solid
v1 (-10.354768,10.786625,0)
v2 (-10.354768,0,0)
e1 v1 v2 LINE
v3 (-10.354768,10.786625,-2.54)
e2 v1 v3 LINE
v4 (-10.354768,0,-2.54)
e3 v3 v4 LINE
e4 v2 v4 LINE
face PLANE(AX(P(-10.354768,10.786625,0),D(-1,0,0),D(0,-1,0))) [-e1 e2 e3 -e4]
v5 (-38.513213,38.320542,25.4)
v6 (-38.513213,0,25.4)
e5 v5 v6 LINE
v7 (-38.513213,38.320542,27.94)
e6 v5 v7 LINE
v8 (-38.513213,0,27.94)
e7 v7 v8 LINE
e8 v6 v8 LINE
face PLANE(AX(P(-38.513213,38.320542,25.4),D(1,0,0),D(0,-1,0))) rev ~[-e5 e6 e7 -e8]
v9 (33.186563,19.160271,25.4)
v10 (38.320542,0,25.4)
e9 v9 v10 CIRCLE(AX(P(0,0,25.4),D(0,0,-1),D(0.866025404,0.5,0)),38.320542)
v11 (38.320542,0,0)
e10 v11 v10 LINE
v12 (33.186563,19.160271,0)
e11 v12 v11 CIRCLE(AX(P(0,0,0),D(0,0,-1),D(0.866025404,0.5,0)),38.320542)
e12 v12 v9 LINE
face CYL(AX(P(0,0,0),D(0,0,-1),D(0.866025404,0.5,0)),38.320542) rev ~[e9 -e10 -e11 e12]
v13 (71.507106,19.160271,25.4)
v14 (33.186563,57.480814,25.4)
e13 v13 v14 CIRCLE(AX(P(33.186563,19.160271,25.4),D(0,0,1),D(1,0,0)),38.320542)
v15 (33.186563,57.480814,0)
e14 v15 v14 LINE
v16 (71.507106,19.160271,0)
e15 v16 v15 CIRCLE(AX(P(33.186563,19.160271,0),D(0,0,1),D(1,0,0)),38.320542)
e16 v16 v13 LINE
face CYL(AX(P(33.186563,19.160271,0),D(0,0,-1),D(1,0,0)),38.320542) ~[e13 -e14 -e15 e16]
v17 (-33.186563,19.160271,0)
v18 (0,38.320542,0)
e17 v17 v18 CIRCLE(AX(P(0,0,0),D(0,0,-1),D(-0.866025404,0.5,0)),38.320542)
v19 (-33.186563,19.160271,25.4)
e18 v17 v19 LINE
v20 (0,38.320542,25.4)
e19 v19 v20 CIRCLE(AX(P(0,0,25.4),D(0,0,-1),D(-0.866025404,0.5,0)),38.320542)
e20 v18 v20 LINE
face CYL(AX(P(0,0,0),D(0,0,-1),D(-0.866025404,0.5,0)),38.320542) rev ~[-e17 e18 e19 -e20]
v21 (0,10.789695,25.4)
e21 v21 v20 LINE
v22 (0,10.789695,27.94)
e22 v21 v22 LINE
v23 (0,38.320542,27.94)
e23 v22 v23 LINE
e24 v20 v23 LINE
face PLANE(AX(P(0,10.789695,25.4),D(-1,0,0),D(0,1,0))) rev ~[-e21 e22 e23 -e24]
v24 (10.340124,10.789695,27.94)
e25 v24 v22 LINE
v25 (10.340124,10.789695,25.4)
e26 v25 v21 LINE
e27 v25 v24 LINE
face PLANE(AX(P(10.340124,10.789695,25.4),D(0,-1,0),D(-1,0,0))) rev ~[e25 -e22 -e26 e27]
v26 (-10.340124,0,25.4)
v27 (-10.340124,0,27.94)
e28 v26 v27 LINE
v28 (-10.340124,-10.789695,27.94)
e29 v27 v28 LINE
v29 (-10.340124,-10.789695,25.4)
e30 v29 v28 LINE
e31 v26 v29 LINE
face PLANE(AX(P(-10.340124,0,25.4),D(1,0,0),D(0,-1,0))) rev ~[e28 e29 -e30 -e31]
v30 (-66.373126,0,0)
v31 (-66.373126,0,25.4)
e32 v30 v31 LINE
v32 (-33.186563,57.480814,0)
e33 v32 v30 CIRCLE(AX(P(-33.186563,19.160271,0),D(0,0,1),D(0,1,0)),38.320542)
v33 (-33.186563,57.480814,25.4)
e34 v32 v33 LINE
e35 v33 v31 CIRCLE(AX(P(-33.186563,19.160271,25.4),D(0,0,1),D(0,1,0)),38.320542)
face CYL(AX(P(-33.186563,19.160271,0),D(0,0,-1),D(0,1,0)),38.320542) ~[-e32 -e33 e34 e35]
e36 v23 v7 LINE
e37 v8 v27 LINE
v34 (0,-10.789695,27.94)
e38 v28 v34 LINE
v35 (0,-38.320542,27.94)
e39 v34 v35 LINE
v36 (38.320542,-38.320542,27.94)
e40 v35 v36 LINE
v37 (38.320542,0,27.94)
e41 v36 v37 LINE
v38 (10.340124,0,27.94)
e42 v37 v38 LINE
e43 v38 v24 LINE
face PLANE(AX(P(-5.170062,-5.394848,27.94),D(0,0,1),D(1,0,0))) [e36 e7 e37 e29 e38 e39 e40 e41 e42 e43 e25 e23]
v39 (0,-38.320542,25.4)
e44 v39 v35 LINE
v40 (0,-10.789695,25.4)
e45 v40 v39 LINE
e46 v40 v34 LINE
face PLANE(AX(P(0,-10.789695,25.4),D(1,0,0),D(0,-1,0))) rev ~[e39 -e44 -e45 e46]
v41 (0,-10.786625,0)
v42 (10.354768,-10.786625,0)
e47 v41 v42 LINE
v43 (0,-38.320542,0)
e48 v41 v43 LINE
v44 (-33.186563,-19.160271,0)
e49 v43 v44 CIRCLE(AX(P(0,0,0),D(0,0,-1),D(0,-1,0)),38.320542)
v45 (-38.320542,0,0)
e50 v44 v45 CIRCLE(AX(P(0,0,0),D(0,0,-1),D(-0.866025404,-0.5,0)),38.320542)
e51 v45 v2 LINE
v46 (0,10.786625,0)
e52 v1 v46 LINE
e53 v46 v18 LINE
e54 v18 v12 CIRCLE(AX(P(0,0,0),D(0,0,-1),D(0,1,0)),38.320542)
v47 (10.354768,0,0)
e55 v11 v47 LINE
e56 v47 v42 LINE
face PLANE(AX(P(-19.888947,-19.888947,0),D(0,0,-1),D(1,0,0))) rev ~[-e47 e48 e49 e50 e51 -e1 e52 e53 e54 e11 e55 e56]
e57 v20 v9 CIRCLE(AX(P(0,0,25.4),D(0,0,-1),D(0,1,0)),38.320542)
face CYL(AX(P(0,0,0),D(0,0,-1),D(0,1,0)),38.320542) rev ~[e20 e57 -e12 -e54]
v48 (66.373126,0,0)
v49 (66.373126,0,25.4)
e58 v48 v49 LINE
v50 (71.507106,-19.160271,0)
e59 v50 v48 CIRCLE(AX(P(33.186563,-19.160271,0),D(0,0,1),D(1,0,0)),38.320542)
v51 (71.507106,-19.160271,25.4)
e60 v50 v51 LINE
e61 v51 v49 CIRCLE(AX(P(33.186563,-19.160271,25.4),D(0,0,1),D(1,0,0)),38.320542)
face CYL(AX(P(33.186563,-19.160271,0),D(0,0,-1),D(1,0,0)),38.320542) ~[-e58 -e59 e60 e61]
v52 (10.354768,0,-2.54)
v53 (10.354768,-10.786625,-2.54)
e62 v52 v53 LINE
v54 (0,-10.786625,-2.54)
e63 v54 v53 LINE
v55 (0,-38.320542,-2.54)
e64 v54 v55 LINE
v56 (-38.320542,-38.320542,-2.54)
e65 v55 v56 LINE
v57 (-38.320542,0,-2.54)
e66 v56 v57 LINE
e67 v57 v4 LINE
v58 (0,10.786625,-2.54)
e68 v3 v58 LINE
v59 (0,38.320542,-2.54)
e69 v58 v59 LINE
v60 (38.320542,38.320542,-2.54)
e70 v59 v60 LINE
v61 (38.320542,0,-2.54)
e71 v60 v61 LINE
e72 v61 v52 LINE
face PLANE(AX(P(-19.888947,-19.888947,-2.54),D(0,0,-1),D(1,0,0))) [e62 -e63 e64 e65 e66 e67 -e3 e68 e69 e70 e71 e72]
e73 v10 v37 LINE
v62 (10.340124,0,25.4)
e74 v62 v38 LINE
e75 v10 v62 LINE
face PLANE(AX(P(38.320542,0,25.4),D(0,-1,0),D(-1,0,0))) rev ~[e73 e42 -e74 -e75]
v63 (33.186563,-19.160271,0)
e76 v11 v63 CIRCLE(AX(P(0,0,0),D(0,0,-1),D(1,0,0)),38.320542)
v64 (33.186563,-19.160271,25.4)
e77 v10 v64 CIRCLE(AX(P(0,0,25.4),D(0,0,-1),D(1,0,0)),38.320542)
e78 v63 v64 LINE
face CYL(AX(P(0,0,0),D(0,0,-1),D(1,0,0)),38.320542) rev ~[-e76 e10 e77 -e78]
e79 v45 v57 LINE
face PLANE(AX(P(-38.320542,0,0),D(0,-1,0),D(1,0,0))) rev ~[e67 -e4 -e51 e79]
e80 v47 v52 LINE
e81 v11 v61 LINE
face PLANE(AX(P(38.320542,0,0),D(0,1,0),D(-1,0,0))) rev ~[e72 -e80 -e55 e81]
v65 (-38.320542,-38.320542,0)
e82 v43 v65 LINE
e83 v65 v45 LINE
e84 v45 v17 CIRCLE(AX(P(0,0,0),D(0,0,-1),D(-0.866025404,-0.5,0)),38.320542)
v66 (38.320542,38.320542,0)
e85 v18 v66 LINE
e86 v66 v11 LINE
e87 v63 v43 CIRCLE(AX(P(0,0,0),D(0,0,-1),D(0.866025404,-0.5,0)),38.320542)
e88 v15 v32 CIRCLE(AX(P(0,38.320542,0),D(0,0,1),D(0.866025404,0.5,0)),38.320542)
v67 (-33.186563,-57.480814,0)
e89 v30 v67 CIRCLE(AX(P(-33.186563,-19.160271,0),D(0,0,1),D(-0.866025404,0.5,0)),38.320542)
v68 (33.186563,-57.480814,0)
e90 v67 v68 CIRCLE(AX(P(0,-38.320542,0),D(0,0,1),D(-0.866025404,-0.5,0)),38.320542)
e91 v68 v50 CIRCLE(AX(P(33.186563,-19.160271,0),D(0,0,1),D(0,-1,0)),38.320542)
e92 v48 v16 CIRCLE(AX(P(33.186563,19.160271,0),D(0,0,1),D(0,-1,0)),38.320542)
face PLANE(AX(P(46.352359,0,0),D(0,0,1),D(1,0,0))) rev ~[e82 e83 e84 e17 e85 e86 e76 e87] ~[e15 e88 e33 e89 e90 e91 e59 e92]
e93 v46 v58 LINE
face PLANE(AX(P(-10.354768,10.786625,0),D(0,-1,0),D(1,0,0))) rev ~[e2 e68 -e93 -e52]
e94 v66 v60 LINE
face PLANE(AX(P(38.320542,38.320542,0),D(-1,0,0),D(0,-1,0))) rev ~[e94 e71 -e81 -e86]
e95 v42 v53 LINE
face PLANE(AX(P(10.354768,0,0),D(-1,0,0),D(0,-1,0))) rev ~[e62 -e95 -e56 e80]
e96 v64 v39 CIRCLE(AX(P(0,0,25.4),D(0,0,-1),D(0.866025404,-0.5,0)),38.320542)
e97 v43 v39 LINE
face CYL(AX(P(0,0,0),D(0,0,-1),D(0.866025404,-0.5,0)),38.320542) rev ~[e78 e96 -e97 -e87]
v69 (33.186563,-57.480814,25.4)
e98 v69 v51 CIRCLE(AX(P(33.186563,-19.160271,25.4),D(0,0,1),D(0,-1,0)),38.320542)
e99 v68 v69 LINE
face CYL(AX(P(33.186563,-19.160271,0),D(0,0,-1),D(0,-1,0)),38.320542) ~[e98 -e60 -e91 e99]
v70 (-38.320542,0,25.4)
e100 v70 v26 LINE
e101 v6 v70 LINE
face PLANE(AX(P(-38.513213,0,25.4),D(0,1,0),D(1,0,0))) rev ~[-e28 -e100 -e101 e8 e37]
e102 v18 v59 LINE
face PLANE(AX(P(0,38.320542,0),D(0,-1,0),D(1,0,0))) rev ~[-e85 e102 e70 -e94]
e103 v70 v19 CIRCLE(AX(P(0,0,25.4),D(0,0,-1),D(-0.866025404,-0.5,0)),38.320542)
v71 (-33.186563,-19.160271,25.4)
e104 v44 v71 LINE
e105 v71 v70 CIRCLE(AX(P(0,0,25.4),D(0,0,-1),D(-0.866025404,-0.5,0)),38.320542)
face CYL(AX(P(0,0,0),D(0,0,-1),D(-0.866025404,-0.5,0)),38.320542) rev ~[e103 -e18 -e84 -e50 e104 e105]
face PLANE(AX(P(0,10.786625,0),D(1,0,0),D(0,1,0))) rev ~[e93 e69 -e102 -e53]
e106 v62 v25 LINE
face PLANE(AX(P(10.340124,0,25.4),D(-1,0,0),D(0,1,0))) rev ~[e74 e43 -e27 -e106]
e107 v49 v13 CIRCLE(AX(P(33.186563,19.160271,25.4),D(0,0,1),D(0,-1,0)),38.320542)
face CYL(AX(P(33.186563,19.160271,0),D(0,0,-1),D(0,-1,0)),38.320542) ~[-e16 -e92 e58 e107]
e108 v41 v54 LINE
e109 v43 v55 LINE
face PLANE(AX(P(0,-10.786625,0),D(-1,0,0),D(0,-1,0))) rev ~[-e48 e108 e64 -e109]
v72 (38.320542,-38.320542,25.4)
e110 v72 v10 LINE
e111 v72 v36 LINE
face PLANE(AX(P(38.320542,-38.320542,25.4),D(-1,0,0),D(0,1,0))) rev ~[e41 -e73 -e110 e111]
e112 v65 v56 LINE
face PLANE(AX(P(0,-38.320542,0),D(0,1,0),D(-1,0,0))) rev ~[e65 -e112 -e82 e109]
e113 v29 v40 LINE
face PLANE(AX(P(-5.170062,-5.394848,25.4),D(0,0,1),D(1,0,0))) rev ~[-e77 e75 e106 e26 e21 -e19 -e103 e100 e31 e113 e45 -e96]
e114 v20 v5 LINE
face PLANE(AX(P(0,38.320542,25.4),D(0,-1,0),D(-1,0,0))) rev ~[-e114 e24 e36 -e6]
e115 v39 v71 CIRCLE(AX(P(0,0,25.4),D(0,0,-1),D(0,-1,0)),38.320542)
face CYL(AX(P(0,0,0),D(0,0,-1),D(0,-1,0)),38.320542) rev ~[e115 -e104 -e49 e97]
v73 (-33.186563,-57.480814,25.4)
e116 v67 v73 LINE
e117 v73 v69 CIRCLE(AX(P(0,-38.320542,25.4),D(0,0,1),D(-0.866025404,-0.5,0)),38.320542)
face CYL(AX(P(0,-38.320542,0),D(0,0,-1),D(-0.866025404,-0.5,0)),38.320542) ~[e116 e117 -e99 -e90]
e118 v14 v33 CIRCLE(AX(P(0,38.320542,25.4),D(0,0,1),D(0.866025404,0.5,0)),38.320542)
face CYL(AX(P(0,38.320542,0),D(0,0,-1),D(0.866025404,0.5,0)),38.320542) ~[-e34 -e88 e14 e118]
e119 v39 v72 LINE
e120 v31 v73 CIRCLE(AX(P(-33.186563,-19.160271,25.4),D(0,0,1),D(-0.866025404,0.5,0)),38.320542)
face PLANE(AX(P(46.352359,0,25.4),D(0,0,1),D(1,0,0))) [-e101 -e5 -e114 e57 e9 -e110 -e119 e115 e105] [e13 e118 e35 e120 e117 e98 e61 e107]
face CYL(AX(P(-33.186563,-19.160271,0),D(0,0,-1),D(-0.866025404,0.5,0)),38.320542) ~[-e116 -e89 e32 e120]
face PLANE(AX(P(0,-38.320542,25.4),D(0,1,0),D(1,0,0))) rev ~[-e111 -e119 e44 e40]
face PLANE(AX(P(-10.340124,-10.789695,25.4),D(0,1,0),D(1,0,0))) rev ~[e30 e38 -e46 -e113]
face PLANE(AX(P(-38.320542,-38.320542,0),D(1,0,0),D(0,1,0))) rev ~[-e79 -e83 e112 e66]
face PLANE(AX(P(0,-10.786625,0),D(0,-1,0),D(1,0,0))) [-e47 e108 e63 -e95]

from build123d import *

# Parameters (mm, degrees)
F1_DEPTH = 25.4
F2_W     = 10.3401243687
F2_H     = 10.7896951959
F3_DEPTH = 2.54
F4_W     = 10.3547675535
F4_H     = 10.7866246253
F5_DEPTH = 2.54


with BuildPart() as f1:
    # F0 (on Top) → F1 (new body)
    with BuildSketch(Plane.XY):
        with BuildLine():
            ThreePointArc((33.1865631623, 19.1602711752), (37.0148015337, 9.918086179), (38.3205423505, 0))
            ThreePointArc((38.3205423505, 0), (37.0148015337, -9.918086179), (33.1865631623, -19.1602711752))
            ThreePointArc((33.1865631623, -19.1602711752), (52.3468343375, -14.0262919871), (66.3731263246, 0))
            ThreePointArc((66.3731263246, 0), (52.3468343375, 14.0262919871), (33.1865631623, 19.1602711752))
        make_face()
        with BuildLine():
            ThreePointArc((0, 38.3205423505), (19.1602711752, 33.1865631623), (33.1865631623, 19.1602711752))
            ThreePointArc((33.1865631623, 19.1602711752), (37.0148015337, 28.4024561715), (38.3205423505, 38.3205423505))
            ThreePointArc((38.3205423505, 38.3205423505), (37.0148015337, 48.2386285294), (33.1865631623, 57.4808135257))
            ThreePointArc((33.1865631623, 57.4808135257), (14.0262919871, 52.3468343375), (0, 38.3205423505))
        make_face()
        with BuildLine():
            ThreePointArc((38.3205423505, 38.3205423505), (37.0148015337, 28.4024561715), (33.1865631623, 19.1602711752))
            ThreePointArc((33.1865631623, 19.1602711752), (52.3468343375, 14.0262919871), (66.3731263246, 0))
            ThreePointArc((66.3731263246, 0), (70.201364696, 9.2421849963), (71.5071055127, 19.1602711752))
            ThreePointArc((71.5071055127, 19.1602711752), (60.283278517, 46.25698653), (33.1865631623, 57.4808135257))
            ThreePointArc((33.1865631623, 57.4808135257), (37.0148015337, 48.2386285294), (38.3205423505, 38.3205423505))
        make_face()
        with BuildLine():
            ThreePointArc((38.3205423505, -38.3205423505), (37.0148015337, -28.4024561715), (33.1865631623, -19.1602711752))
            ThreePointArc((33.1865631623, -19.1602711752), (19.1602711752, -33.1865631623), (0, -38.3205423505))
            ThreePointArc((0, -38.3205423505), (14.0262919871, -52.3468343375), (33.1865631623, -57.4808135257))
            ThreePointArc((33.1865631623, -57.4808135257), (37.0148015337, -48.2386285294), (38.3205423505, -38.3205423505))
        make_face()
        with BuildLine():
            ThreePointArc((66.3731263246, 0), (52.3468343375, -14.0262919871), (33.1865631623, -19.1602711752))
            ThreePointArc((33.1865631623, -19.1602711752), (37.0148015337, -28.4024561715), (38.3205423505, -38.3205423505))
            ThreePointArc((38.3205423505, -38.3205423505), (37.0148015337, -48.2386285294), (33.1865631623, -57.4808135257))
            ThreePointArc((33.1865631623, -57.4808135257), (60.283278517, -46.25698653), (71.5071055127, -19.1602711752))
            ThreePointArc((71.5071055127, -19.1602711752), (70.201364696, -9.2421849963), (66.3731263246, 0))
        make_face()
        with BuildLine():
            ThreePointArc((-33.1865631623, 57.4808135257), (-14.0262919871, 52.3468343375), (0, 38.3205423505))
            ThreePointArc((0, 38.3205423505), (14.0262919871, 52.3468343375), (33.1865631623, 57.4808135257))
            ThreePointArc((33.1865631623, 57.4808135257), (0, 76.6410847009), (-33.1865631623, 57.4808135257))
        make_face()
        with BuildLine():
            ThreePointArc((-33.1865631623, 19.1602711752), (-19.1602711752, 33.1865631623), (0, 38.3205423505))
            ThreePointArc((0, 38.3205423505), (-14.0262919871, 52.3468343375), (-33.1865631623, 57.4808135257))
            ThreePointArc((-33.1865631623, 57.4808135257), (-38.3205423505, 38.3205423505), (-33.1865631623, 19.1602711752))
        make_face()
        with BuildLine():
            ThreePointArc((-33.1865631623, -57.4808135257), (-14.0262919871, -52.3468343375), (0, -38.3205423505))
            ThreePointArc((0, -38.3205423505), (-19.1602711752, -33.1865631623), (-33.1865631623, -19.1602711752))
            ThreePointArc((-33.1865631623, -19.1602711752), (-38.3205423505, -38.3205423505), (-33.1865631623, -57.4808135257))
        make_face()
        with BuildLine():
            ThreePointArc((33.1865631623, -57.4808135257), (14.0262919871, -52.3468343375), (0, -38.3205423505))
            ThreePointArc((0, -38.3205423505), (-14.0262919871, -52.3468343375), (-33.1865631623, -57.4808135257))
            ThreePointArc((-33.1865631623, -57.4808135257), (0, -76.6410847009), (33.1865631623, -57.4808135257))
        make_face()
        with BuildLine():
            ThreePointArc((-66.3731263246, 0), (-52.3468343375, 14.0262919871), (-33.1865631623, 19.1602711752))
            ThreePointArc((-33.1865631623, 19.1602711752), (-38.3205423505, 38.3205423505), (-33.1865631623, 57.4808135257))
            ThreePointArc((-33.1865631623, 57.4808135257), (-66.3731263246, 38.3205423505), (-66.3731263246, 0))
        make_face()
        with BuildLine():
            ThreePointArc((-33.1865631623, -19.1602711752), (-38.3205423505, 0), (-33.1865631623, 19.1602711752))
            ThreePointArc((-33.1865631623, 19.1602711752), (-52.3468343375, 14.0262919871), (-66.3731263246, 0))
            ThreePointArc((-66.3731263246, 0), (-52.3468343375, -14.0262919871), (-33.1865631623, -19.1602711752))
        make_face()
        with BuildLine():
            ThreePointArc((-33.1865631623, -57.4808135257), (-38.3205423505, -38.3205423505), (-33.1865631623, -19.1602711752))
            ThreePointArc((-33.1865631623, -19.1602711752), (-52.3468343375, -14.0262919871), (-66.3731263246, 0))
            ThreePointArc((-66.3731263246, 0), (-66.3731263246, -38.3205423505), (-33.1865631623, -57.4808135257))
        make_face()
    extrude(amount=F1_DEPTH)

    # F2 (on face) → F3 (join)
    with BuildSketch(Plane.XY.offset(25.4)):
        with Locations((-5.1700621843, -5.3948475979)):
            Rectangle(F2_W, F2_H)
        with Locations((-5.1700621843, 5.3948475979)):
            Rectangle(F2_W, F2_H)
        with Locations((5.1700621843, 5.3948475979)):
            Rectangle(F2_W, F2_H)
        with Locations((5.1700621843, -5.3948475979)):
            Rectangle(F2_W, F2_H)
        Polygon((-38.5132133961, 0), (-10.3401243687, 0), (-10.3401243687, 10.7896951959), (0, 10.7896951959), (0, 38.3205423505), (-38.5132133961, 38.3205423505), align=None)
        Polygon((38.3205423505, 0), (10.3401243687, 0), (10.3401243687, -10.7896951959), (0, -10.7896951959), (0, -38.3205423505), (38.3205423505, -38.3205423505), align=None)
    extrude(amount=F3_DEPTH)

    # F4 (on face) → F5 (join)
    with BuildSketch(Plane(origin=(0, 0, 0), x_dir=(1, 0, 0), z_dir=(0, 0, -1))):
        Polygon((0, 10.7866246253), (0, 38.3205423505), (-38.3205423505, 38.3205423505), (-38.3205423505, 0), (-10.3547675535, 0), (-10.3547675535, 10.7866246253), align=None)
        with Locations((5.1773837768, 5.3933123127)):
            Rectangle(F4_W, F4_H)
        with Locations((-5.1773837768, 5.3933123127)):
            Rectangle(F4_W, F4_H)
        with Locations((-5.1773837768, -5.3933123127)):
            Rectangle(F4_W, F4_H)
        with Locations((5.1773837768, -5.3933123127)):
            Rectangle(F4_W, F4_H)
        Polygon((38.3205423505, 0), (10.3547675535, 0), (10.3547675535, -10.7866246253), (0, -10.7866246253), (0, -38.3205423505), (38.3205423505, -38.3205423505), align=None)
    extrude(amount=F5_DEPTH)


solid = f1.part
